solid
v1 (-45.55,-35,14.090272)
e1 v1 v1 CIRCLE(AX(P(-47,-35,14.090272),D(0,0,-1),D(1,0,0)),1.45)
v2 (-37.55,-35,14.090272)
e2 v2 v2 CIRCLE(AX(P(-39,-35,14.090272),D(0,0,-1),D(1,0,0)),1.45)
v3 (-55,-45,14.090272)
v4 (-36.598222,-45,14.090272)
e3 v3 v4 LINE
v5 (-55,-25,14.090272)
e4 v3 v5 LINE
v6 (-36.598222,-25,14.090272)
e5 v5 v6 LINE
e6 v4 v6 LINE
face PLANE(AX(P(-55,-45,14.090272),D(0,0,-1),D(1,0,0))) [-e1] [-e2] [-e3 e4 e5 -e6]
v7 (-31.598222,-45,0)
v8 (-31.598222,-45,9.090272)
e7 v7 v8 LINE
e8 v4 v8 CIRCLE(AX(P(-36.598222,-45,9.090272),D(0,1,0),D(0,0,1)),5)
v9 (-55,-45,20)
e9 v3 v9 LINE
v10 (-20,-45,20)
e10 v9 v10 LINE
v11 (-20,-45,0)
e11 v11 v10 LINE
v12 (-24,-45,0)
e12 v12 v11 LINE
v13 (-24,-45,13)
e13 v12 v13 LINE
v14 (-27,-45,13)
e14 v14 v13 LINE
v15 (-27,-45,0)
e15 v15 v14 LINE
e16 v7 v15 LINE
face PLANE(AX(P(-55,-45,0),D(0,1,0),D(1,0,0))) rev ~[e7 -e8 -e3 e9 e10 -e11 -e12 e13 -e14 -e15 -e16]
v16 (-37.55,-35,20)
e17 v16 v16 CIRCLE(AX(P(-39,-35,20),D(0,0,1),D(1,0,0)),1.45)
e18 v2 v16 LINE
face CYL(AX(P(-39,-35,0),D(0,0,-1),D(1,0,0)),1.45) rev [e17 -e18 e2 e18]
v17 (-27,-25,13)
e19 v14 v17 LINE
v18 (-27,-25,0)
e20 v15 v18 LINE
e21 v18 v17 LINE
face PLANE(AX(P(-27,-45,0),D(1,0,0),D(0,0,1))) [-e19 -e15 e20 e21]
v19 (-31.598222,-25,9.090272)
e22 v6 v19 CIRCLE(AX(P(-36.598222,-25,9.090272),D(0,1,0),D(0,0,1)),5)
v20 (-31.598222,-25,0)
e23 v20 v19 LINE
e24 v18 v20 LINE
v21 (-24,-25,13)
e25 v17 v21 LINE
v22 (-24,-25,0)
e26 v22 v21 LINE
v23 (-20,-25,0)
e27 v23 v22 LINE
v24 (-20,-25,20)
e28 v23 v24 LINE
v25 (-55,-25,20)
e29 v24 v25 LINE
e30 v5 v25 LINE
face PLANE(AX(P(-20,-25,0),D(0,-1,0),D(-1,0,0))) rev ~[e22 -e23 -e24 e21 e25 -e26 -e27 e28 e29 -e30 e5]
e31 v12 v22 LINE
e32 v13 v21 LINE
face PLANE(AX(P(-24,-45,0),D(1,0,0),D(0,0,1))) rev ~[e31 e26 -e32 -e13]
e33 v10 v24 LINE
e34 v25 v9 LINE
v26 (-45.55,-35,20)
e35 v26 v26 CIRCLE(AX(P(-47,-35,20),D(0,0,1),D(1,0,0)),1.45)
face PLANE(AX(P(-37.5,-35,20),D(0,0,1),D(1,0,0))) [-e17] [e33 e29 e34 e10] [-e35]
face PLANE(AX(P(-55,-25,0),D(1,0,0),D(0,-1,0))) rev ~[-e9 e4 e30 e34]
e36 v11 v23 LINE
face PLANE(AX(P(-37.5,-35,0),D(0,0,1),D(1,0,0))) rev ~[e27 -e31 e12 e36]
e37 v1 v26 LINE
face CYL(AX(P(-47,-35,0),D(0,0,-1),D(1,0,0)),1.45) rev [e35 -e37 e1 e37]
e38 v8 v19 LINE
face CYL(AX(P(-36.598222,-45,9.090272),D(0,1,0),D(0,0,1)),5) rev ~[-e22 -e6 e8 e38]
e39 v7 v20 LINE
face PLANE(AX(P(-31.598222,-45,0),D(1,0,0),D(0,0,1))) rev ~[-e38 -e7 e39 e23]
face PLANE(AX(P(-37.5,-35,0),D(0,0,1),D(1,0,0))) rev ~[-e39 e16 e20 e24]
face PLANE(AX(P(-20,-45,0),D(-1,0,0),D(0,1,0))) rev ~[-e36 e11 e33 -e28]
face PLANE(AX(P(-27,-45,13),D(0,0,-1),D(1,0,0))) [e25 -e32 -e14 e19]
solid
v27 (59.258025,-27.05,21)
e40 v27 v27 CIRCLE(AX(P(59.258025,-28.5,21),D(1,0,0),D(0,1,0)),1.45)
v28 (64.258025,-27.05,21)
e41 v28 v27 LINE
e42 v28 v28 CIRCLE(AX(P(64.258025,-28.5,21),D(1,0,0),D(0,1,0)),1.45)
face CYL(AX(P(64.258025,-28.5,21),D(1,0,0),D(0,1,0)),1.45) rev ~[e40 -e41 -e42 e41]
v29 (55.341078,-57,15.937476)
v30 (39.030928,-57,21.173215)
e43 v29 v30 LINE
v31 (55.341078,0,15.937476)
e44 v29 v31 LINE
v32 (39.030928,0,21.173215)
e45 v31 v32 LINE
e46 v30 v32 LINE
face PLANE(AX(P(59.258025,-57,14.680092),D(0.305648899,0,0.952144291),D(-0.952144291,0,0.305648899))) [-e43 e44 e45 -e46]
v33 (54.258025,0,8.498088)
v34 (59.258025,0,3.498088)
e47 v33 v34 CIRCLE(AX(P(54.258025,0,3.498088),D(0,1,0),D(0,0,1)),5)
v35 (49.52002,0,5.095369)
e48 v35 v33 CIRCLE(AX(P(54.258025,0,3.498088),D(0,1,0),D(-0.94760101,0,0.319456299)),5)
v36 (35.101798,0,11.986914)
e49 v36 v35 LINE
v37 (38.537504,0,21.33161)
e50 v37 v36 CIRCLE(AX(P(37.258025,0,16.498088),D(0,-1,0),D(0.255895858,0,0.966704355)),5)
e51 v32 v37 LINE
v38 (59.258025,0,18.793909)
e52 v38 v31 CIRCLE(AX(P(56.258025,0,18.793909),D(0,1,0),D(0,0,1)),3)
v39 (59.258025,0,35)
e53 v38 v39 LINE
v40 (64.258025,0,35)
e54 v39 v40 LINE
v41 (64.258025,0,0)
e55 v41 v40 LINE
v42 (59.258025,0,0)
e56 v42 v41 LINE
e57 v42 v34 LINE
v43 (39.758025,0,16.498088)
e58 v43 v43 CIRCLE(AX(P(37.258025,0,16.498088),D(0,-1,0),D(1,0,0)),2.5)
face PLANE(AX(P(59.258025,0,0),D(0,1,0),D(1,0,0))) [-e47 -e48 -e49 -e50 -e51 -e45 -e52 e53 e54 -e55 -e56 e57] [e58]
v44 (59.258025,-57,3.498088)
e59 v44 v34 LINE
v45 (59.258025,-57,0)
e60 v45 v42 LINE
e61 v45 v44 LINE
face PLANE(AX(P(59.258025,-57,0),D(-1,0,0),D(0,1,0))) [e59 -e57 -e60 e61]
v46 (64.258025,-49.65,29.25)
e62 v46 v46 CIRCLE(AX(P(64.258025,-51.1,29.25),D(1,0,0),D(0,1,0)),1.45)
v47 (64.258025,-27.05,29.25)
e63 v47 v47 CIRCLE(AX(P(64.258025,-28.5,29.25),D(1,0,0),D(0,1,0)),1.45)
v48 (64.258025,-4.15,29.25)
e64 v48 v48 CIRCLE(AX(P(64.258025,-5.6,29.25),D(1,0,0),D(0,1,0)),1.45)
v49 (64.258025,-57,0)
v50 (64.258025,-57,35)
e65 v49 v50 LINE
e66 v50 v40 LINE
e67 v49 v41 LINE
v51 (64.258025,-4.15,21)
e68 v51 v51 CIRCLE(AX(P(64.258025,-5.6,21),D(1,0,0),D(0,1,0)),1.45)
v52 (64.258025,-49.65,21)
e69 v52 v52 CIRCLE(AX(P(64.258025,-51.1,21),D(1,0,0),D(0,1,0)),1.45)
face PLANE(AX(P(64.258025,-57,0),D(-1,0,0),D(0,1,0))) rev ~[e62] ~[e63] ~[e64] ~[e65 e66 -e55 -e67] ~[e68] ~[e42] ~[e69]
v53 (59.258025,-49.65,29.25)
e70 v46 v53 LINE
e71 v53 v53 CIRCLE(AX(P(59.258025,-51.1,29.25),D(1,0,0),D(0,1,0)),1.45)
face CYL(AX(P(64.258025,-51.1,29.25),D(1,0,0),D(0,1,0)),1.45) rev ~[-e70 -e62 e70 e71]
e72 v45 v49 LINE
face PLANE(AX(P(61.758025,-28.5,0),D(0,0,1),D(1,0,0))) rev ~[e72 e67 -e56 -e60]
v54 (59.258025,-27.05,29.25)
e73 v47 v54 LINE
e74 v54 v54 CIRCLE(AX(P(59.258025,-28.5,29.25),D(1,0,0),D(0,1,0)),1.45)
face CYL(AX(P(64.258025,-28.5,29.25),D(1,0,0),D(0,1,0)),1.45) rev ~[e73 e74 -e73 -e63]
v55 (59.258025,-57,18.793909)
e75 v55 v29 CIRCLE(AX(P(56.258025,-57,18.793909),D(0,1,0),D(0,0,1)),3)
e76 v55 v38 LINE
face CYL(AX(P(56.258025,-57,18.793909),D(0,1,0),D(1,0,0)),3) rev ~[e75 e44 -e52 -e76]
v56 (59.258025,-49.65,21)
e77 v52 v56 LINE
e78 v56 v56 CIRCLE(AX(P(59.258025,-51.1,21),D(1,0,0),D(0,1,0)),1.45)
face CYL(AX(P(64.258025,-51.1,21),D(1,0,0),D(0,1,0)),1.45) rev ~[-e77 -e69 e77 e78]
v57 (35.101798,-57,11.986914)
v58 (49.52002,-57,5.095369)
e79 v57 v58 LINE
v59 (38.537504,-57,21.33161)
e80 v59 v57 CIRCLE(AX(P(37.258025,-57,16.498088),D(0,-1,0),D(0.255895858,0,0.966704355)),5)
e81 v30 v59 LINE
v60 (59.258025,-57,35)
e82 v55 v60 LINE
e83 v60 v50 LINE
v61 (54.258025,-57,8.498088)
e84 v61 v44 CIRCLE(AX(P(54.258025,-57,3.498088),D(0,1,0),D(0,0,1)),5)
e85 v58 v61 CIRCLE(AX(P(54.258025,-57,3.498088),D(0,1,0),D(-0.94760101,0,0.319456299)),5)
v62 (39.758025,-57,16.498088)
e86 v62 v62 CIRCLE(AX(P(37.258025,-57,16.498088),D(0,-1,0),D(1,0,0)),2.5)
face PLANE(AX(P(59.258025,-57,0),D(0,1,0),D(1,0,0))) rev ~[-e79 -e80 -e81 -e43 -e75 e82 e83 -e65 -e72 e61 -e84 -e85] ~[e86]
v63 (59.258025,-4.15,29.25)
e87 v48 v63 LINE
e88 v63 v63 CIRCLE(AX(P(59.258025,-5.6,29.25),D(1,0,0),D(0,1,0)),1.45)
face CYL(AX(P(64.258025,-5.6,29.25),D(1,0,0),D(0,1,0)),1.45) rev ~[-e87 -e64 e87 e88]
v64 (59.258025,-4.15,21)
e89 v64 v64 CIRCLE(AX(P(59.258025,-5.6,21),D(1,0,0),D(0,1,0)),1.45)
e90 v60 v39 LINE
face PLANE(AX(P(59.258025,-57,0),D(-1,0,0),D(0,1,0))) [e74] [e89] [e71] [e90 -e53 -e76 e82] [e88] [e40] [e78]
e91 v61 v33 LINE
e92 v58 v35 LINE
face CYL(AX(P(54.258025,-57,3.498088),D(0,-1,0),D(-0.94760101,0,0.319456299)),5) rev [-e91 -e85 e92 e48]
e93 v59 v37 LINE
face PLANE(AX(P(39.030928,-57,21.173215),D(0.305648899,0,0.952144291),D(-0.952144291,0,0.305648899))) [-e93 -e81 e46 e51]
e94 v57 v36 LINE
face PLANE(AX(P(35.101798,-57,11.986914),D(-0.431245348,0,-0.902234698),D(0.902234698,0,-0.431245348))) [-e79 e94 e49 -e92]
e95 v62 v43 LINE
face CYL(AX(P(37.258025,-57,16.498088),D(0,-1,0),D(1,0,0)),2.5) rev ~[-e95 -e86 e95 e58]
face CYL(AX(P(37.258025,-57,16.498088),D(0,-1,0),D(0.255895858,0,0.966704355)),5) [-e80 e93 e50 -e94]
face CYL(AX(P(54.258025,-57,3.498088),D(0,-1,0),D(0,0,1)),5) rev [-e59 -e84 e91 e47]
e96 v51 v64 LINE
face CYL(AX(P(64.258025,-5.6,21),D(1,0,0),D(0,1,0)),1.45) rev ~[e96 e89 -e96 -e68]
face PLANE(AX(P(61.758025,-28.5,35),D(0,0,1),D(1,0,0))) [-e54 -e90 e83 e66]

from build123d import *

# Parameters (mm, degrees)
F0_R      = 1.45
F1_DEPTH  = 20
F2_W      = 5
F2_H      = 57
F3_DEPTH  = 35
F4_R      = 1.45
F5_DEPTH  = 25
F6_W      = 3
F6_H      = 13
F6_W_2    = 23.4017784894
F6_H_2    = 14.0902716666
F7_DEPTH  = 25
F8_R      = 5
F9_R      = 2.5
F10_DEPTH = 57
F11_R     = 3


with BuildPart() as f1:
    # F0 (on Top) → F1 (new body)
    with BuildSketch(Plane.XY):
        Polygon((-55, -25), (-55, -45), (-20, -45), (-20, -25), (-30, -25), align=None)
        with Locations((-47, -35)):
            Circle(F0_R, mode=Mode.SUBTRACT)
        with Locations((-39, -35)):
            Circle(F0_R, mode=Mode.SUBTRACT)
    extrude(amount=F1_DEPTH)

    # F6 (on face) → F7 (cut)
    with BuildSketch(Plane.XZ.offset(45)):
        with Locations((-25.5, 6.5)):
            Rectangle(F6_W, F6_H)
        with Locations((-43.2991107553, 7.0451358333)):
            Rectangle(F6_W_2, F6_H_2)
    extrude(amount=-F7_DEPTH, mode=Mode.SUBTRACT)

    # F8
    f8_edges = [f1.edges().sort_by_distance(p)[0] for p in [
        (-31.598222, -35, 14.090272),
    ]]
    fillet(f8_edges, radius=F8_R)


with BuildPart() as f3:
    # F2 (on Top) → F3 (new body)
    with BuildSketch(Plane.XY):
        with Locations((61.7580251396, -28.5)):
            Rectangle(F2_W, F2_H)
    extrude(amount=F3_DEPTH)

    # F4 (on face) → F5 (cut)
    with BuildSketch(Plane.YZ.offset(64.2580251396)):
        with Locations((-28.5, 21)):
            Circle(F4_R)
        with Locations((-28.5, 29.25)):
            Circle(F4_R)
        with Locations((-5.6, 29.25)):
            Circle(F4_R)
        with Locations((-5.6, 21)):
            Circle(F4_R)
        with Locations((-51.1, 29.25)):
            Circle(F4_R)
        with Locations((-51.1, 21)):
            Circle(F4_R)
    extrude(amount=-F5_DEPTH, mode=Mode.SUBTRACT)

    # F9 (on face) → F10 (join)
    with BuildSketch(Plane.XZ.offset(57)):
        with BuildLine():
            ThreePointArc((49.5200200917, 5.0953693625), (51.3413838746, 7.5592704233), (54.2580251396, 8.49808787))
            ThreePointArc((54.2580251396, 8.49808787), (57.7935590368, 7.0336217846), (59.2580251396, 3.4980878947))
            Line((59.2580251396, 3.4980878947), (59.2580251396, 14.680092223))
            Line((59.2580251396, 14.680092223), (39.0309278948, 21.1732152287))
            Line((39.0309278948, 21.1732152287), (38.5375044289, 21.3316096448))
            ThreePointArc((38.5375044289, 21.3316096448), (32.5651577951, 18.2234852408), (35.1017983979, 11.986914382))
            Line((35.1017983979, 11.986914382), (49.5200200917, 5.0953693625))
        make_face()
        with Locations((37.2580251396, 16.49808787)):
            Circle(F9_R, mode=Mode.SUBTRACT)
    extrude(amount=-F10_DEPTH)

    # F11
    f11_edges = [f3.edges().sort_by_distance(p)[0] for p in [
        (59.258025, -28.5, 14.680092),
    ]]
    fillet(f11_edges, radius=F11_R)


solid = Compound([f1.part, f3.part])
